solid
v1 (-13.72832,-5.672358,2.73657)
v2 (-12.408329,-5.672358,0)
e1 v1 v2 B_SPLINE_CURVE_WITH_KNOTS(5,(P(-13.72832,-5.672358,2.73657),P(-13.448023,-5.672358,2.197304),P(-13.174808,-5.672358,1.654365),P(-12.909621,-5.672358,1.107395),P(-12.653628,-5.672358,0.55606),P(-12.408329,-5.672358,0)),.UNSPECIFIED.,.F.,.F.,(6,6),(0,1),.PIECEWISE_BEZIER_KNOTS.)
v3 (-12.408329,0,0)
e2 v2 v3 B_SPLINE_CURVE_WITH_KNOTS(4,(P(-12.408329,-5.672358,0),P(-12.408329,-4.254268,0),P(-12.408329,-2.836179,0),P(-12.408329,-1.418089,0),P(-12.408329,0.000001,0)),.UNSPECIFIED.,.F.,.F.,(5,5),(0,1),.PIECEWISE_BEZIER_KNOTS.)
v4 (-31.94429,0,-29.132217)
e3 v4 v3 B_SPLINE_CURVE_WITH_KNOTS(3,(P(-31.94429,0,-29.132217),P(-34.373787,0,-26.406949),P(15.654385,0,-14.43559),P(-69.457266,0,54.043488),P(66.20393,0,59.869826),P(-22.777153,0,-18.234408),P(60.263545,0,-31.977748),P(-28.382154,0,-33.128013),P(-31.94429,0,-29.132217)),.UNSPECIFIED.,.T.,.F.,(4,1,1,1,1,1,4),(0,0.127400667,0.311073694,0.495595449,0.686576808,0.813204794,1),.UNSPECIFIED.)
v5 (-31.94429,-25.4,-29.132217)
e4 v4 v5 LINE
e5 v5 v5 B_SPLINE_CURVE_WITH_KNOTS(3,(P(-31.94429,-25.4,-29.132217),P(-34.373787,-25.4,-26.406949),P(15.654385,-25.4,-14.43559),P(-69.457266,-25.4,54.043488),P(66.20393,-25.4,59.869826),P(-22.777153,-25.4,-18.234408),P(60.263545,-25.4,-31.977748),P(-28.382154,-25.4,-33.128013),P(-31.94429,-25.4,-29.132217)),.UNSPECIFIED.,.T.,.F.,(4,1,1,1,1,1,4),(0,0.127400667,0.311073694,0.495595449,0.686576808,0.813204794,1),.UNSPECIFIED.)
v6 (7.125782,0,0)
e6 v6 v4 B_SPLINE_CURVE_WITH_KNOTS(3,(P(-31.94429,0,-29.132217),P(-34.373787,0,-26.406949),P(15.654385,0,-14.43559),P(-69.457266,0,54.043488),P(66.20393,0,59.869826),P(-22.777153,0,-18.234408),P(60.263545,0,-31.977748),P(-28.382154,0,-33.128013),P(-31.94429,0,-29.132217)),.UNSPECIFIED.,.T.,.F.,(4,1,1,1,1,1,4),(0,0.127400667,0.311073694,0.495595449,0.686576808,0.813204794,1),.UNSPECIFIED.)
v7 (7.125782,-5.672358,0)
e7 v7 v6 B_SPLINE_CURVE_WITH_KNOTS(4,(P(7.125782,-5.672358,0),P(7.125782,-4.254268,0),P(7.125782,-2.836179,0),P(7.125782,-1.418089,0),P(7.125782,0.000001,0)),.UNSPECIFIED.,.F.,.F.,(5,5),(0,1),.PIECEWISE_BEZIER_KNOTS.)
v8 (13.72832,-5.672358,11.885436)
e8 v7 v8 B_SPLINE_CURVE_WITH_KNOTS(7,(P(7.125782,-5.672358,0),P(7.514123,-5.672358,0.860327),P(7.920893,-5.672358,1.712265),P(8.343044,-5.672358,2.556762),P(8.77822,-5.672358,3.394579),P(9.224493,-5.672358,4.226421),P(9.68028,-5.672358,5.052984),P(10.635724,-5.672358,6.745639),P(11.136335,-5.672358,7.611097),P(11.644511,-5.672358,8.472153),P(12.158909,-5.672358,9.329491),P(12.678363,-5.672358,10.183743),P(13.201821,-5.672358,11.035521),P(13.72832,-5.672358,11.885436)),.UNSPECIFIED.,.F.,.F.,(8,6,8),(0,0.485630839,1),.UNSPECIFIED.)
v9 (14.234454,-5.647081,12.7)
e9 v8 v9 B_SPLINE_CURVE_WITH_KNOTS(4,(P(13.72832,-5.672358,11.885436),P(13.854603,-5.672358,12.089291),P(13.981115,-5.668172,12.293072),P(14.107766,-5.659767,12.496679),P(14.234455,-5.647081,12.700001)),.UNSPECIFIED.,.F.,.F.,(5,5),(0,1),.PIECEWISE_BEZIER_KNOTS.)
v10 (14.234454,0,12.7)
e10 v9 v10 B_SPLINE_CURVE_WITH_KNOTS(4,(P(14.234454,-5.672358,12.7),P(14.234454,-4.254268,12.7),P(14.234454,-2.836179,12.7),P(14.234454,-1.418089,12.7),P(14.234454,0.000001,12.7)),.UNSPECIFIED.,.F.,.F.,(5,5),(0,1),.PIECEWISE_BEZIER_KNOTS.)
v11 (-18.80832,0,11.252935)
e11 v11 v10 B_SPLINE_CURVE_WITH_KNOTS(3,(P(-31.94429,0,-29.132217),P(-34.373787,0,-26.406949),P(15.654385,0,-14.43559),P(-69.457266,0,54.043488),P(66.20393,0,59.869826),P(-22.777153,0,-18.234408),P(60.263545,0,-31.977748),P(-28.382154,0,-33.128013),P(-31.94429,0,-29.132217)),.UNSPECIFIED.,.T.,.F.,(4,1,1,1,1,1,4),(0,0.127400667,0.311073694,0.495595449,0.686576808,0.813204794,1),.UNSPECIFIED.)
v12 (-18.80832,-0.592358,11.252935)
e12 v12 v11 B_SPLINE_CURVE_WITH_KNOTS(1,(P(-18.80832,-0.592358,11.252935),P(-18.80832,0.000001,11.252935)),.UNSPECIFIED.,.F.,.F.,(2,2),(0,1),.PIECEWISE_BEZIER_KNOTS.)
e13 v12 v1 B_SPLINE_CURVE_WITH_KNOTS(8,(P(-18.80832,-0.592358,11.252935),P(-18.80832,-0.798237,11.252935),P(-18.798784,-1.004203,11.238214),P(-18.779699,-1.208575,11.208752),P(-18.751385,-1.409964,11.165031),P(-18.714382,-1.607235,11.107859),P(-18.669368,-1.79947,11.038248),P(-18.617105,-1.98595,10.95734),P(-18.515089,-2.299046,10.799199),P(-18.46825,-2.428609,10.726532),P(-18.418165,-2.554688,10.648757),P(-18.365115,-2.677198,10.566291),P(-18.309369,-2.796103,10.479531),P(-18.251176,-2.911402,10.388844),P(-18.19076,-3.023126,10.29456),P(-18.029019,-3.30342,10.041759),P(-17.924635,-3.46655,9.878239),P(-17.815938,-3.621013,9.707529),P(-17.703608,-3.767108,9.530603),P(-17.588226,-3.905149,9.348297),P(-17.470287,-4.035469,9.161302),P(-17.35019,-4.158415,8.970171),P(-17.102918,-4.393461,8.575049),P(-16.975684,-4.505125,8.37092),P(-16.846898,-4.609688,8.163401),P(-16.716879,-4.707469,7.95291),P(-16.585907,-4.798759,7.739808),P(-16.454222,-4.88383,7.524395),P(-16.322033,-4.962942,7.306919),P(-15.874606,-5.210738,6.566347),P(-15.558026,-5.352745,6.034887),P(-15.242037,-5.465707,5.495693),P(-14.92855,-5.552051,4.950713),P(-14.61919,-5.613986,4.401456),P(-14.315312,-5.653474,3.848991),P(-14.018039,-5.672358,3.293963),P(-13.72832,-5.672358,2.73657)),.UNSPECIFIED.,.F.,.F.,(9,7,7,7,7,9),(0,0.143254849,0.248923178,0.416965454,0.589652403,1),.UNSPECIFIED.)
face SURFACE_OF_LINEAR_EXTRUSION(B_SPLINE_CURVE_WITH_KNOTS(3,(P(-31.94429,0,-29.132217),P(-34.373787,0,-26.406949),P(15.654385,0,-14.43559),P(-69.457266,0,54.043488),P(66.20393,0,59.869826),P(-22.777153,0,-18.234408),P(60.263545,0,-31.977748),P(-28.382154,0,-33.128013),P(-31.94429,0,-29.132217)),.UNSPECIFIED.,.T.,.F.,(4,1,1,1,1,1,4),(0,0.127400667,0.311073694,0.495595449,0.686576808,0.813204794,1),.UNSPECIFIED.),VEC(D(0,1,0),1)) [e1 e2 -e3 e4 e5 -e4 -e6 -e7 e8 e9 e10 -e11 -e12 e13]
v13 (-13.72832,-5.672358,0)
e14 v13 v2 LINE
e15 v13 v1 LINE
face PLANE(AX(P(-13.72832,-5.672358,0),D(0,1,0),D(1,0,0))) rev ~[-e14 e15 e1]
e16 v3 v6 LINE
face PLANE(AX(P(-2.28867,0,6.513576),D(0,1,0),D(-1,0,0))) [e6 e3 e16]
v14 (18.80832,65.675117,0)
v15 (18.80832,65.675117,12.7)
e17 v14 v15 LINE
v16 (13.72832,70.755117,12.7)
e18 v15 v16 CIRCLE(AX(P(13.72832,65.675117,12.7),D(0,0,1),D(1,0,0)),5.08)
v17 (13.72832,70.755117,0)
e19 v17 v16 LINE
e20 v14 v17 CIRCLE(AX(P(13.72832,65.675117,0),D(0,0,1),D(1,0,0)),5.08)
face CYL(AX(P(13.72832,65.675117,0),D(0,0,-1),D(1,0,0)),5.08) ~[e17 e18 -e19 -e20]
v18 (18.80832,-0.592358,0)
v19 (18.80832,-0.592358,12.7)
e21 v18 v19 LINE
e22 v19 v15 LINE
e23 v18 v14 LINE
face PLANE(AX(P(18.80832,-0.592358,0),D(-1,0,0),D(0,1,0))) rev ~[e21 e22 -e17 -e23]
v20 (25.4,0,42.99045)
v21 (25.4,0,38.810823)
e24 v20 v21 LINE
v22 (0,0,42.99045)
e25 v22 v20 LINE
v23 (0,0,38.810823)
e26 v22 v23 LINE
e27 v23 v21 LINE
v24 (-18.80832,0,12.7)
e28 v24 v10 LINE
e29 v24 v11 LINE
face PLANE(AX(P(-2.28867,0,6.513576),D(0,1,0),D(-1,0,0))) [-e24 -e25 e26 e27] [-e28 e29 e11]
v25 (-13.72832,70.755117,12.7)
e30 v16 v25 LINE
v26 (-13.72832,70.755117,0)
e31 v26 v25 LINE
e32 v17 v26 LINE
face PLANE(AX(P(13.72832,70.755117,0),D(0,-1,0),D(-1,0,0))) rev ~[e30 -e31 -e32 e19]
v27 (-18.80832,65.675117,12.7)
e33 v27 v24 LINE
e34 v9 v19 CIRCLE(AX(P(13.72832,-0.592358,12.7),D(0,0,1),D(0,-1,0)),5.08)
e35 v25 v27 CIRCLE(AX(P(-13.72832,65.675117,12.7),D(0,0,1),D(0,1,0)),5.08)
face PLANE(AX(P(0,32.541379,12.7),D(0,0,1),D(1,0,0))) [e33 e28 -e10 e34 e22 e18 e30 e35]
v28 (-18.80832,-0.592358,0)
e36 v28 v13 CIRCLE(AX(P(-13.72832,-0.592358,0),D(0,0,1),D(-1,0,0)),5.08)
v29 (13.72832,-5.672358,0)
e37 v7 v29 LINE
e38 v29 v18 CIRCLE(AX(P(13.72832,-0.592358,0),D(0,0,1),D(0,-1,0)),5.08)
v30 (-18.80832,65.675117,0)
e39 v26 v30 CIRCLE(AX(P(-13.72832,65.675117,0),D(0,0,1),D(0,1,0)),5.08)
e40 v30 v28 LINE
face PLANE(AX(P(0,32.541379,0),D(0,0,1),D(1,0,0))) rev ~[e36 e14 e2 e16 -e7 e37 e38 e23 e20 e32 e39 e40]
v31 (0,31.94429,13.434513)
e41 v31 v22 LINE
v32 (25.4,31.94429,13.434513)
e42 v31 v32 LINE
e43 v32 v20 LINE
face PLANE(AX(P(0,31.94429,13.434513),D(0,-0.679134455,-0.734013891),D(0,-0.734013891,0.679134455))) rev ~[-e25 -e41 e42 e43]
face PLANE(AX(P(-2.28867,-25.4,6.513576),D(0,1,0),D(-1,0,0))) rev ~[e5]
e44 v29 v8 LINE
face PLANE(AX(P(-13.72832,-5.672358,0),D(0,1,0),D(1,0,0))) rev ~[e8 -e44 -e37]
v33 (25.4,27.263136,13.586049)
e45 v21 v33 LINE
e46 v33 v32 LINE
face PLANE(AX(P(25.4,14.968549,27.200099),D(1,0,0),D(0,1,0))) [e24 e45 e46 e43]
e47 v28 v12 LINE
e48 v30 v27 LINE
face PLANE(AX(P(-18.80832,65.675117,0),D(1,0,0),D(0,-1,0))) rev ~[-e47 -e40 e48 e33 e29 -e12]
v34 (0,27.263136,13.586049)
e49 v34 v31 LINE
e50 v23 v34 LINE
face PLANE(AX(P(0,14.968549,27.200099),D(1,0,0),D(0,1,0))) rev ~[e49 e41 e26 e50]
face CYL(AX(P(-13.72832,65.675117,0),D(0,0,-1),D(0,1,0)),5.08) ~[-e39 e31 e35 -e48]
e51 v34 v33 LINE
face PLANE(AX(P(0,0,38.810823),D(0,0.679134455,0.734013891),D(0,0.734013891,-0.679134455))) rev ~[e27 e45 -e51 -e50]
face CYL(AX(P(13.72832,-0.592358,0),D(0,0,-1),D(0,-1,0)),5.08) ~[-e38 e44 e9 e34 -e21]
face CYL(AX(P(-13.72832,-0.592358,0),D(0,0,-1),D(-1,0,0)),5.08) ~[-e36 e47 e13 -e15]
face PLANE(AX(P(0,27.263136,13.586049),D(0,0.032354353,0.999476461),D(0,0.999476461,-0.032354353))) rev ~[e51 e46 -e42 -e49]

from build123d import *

# Parameters (mm, degrees)
F1_DEPTH = 25.4
F3_DEPTH = 12.7
F5_DEPTH = 25.4


with BuildPart() as f1:
    # F0 (on Front) → F1 (new body)
    with BuildSketch(Plane.XZ):
        with BuildLine():
            add(Edge.make_bspline(
                [(-31.9442898035, -29.1322171688), (-34.3737871075, -26.406948671), (15.6543852834, -14.4355902357), (-69.4572659561, 54.043487741), (66.2039302441, 59.8698262216), (-22.7771531944, -18.2344083979), (60.263544751, -31.9777484851), (-28.3821542222, -33.1280132822), (-31.9442898035, -29.1322171688)],
                knots=[0, 0, 0, 0, 0.1274006671, 0.311073694, 0.4955954494, 0.6865768078, 0.813204794, 1, 1, 1, 1], degree=3))
        make_face()
    extrude(amount=F1_DEPTH)

    # F2 (on Top) → F3 (join)
    with BuildSketch(Plane.XY):
        with BuildLine():
            ThreePointArc((18.8083201647, 65.6751166415), (17.3204226131, 69.2672190899), (13.7283201647, 70.7551166415))
            Line((13.7283201647, 70.7551166415), (-13.7283201647, 70.7551166415))
            ThreePointArc((-13.7283201647, 70.7551166415), (-17.3204226131, 69.2672190899), (-18.8083201647, 65.6751166415))
            Line((-18.8083201647, 65.6751166415), (-18.8083201647, -0.5923579764))
            ThreePointArc((-18.8083201647, -0.5923579764), (-17.3204226131, -4.1844604249), (-13.7283201647, -5.6723579764))
            Line((-13.7283201647, -5.6723579764), (13.7283201647, -5.6723579764))
            ThreePointArc((13.7283201647, -5.6723579764), (17.3204226131, -4.1844604249), (18.8083201647, -0.5923579764))
            Line((18.8083201647, -0.5923579764), (18.8083201647, 65.6751166415))
        make_face()
    extrude(amount=F3_DEPTH)

    # F4 (on Right) → F5 (join)
    with BuildSketch(Plane.YZ):
        Polygon((27.2631359289, 13.5860485127), (31.9442898035, 13.434513472), (0, 42.990449816), (0, 38.8108231127), align=None)
    extrude(amount=F5_DEPTH)


solid = f1.part
